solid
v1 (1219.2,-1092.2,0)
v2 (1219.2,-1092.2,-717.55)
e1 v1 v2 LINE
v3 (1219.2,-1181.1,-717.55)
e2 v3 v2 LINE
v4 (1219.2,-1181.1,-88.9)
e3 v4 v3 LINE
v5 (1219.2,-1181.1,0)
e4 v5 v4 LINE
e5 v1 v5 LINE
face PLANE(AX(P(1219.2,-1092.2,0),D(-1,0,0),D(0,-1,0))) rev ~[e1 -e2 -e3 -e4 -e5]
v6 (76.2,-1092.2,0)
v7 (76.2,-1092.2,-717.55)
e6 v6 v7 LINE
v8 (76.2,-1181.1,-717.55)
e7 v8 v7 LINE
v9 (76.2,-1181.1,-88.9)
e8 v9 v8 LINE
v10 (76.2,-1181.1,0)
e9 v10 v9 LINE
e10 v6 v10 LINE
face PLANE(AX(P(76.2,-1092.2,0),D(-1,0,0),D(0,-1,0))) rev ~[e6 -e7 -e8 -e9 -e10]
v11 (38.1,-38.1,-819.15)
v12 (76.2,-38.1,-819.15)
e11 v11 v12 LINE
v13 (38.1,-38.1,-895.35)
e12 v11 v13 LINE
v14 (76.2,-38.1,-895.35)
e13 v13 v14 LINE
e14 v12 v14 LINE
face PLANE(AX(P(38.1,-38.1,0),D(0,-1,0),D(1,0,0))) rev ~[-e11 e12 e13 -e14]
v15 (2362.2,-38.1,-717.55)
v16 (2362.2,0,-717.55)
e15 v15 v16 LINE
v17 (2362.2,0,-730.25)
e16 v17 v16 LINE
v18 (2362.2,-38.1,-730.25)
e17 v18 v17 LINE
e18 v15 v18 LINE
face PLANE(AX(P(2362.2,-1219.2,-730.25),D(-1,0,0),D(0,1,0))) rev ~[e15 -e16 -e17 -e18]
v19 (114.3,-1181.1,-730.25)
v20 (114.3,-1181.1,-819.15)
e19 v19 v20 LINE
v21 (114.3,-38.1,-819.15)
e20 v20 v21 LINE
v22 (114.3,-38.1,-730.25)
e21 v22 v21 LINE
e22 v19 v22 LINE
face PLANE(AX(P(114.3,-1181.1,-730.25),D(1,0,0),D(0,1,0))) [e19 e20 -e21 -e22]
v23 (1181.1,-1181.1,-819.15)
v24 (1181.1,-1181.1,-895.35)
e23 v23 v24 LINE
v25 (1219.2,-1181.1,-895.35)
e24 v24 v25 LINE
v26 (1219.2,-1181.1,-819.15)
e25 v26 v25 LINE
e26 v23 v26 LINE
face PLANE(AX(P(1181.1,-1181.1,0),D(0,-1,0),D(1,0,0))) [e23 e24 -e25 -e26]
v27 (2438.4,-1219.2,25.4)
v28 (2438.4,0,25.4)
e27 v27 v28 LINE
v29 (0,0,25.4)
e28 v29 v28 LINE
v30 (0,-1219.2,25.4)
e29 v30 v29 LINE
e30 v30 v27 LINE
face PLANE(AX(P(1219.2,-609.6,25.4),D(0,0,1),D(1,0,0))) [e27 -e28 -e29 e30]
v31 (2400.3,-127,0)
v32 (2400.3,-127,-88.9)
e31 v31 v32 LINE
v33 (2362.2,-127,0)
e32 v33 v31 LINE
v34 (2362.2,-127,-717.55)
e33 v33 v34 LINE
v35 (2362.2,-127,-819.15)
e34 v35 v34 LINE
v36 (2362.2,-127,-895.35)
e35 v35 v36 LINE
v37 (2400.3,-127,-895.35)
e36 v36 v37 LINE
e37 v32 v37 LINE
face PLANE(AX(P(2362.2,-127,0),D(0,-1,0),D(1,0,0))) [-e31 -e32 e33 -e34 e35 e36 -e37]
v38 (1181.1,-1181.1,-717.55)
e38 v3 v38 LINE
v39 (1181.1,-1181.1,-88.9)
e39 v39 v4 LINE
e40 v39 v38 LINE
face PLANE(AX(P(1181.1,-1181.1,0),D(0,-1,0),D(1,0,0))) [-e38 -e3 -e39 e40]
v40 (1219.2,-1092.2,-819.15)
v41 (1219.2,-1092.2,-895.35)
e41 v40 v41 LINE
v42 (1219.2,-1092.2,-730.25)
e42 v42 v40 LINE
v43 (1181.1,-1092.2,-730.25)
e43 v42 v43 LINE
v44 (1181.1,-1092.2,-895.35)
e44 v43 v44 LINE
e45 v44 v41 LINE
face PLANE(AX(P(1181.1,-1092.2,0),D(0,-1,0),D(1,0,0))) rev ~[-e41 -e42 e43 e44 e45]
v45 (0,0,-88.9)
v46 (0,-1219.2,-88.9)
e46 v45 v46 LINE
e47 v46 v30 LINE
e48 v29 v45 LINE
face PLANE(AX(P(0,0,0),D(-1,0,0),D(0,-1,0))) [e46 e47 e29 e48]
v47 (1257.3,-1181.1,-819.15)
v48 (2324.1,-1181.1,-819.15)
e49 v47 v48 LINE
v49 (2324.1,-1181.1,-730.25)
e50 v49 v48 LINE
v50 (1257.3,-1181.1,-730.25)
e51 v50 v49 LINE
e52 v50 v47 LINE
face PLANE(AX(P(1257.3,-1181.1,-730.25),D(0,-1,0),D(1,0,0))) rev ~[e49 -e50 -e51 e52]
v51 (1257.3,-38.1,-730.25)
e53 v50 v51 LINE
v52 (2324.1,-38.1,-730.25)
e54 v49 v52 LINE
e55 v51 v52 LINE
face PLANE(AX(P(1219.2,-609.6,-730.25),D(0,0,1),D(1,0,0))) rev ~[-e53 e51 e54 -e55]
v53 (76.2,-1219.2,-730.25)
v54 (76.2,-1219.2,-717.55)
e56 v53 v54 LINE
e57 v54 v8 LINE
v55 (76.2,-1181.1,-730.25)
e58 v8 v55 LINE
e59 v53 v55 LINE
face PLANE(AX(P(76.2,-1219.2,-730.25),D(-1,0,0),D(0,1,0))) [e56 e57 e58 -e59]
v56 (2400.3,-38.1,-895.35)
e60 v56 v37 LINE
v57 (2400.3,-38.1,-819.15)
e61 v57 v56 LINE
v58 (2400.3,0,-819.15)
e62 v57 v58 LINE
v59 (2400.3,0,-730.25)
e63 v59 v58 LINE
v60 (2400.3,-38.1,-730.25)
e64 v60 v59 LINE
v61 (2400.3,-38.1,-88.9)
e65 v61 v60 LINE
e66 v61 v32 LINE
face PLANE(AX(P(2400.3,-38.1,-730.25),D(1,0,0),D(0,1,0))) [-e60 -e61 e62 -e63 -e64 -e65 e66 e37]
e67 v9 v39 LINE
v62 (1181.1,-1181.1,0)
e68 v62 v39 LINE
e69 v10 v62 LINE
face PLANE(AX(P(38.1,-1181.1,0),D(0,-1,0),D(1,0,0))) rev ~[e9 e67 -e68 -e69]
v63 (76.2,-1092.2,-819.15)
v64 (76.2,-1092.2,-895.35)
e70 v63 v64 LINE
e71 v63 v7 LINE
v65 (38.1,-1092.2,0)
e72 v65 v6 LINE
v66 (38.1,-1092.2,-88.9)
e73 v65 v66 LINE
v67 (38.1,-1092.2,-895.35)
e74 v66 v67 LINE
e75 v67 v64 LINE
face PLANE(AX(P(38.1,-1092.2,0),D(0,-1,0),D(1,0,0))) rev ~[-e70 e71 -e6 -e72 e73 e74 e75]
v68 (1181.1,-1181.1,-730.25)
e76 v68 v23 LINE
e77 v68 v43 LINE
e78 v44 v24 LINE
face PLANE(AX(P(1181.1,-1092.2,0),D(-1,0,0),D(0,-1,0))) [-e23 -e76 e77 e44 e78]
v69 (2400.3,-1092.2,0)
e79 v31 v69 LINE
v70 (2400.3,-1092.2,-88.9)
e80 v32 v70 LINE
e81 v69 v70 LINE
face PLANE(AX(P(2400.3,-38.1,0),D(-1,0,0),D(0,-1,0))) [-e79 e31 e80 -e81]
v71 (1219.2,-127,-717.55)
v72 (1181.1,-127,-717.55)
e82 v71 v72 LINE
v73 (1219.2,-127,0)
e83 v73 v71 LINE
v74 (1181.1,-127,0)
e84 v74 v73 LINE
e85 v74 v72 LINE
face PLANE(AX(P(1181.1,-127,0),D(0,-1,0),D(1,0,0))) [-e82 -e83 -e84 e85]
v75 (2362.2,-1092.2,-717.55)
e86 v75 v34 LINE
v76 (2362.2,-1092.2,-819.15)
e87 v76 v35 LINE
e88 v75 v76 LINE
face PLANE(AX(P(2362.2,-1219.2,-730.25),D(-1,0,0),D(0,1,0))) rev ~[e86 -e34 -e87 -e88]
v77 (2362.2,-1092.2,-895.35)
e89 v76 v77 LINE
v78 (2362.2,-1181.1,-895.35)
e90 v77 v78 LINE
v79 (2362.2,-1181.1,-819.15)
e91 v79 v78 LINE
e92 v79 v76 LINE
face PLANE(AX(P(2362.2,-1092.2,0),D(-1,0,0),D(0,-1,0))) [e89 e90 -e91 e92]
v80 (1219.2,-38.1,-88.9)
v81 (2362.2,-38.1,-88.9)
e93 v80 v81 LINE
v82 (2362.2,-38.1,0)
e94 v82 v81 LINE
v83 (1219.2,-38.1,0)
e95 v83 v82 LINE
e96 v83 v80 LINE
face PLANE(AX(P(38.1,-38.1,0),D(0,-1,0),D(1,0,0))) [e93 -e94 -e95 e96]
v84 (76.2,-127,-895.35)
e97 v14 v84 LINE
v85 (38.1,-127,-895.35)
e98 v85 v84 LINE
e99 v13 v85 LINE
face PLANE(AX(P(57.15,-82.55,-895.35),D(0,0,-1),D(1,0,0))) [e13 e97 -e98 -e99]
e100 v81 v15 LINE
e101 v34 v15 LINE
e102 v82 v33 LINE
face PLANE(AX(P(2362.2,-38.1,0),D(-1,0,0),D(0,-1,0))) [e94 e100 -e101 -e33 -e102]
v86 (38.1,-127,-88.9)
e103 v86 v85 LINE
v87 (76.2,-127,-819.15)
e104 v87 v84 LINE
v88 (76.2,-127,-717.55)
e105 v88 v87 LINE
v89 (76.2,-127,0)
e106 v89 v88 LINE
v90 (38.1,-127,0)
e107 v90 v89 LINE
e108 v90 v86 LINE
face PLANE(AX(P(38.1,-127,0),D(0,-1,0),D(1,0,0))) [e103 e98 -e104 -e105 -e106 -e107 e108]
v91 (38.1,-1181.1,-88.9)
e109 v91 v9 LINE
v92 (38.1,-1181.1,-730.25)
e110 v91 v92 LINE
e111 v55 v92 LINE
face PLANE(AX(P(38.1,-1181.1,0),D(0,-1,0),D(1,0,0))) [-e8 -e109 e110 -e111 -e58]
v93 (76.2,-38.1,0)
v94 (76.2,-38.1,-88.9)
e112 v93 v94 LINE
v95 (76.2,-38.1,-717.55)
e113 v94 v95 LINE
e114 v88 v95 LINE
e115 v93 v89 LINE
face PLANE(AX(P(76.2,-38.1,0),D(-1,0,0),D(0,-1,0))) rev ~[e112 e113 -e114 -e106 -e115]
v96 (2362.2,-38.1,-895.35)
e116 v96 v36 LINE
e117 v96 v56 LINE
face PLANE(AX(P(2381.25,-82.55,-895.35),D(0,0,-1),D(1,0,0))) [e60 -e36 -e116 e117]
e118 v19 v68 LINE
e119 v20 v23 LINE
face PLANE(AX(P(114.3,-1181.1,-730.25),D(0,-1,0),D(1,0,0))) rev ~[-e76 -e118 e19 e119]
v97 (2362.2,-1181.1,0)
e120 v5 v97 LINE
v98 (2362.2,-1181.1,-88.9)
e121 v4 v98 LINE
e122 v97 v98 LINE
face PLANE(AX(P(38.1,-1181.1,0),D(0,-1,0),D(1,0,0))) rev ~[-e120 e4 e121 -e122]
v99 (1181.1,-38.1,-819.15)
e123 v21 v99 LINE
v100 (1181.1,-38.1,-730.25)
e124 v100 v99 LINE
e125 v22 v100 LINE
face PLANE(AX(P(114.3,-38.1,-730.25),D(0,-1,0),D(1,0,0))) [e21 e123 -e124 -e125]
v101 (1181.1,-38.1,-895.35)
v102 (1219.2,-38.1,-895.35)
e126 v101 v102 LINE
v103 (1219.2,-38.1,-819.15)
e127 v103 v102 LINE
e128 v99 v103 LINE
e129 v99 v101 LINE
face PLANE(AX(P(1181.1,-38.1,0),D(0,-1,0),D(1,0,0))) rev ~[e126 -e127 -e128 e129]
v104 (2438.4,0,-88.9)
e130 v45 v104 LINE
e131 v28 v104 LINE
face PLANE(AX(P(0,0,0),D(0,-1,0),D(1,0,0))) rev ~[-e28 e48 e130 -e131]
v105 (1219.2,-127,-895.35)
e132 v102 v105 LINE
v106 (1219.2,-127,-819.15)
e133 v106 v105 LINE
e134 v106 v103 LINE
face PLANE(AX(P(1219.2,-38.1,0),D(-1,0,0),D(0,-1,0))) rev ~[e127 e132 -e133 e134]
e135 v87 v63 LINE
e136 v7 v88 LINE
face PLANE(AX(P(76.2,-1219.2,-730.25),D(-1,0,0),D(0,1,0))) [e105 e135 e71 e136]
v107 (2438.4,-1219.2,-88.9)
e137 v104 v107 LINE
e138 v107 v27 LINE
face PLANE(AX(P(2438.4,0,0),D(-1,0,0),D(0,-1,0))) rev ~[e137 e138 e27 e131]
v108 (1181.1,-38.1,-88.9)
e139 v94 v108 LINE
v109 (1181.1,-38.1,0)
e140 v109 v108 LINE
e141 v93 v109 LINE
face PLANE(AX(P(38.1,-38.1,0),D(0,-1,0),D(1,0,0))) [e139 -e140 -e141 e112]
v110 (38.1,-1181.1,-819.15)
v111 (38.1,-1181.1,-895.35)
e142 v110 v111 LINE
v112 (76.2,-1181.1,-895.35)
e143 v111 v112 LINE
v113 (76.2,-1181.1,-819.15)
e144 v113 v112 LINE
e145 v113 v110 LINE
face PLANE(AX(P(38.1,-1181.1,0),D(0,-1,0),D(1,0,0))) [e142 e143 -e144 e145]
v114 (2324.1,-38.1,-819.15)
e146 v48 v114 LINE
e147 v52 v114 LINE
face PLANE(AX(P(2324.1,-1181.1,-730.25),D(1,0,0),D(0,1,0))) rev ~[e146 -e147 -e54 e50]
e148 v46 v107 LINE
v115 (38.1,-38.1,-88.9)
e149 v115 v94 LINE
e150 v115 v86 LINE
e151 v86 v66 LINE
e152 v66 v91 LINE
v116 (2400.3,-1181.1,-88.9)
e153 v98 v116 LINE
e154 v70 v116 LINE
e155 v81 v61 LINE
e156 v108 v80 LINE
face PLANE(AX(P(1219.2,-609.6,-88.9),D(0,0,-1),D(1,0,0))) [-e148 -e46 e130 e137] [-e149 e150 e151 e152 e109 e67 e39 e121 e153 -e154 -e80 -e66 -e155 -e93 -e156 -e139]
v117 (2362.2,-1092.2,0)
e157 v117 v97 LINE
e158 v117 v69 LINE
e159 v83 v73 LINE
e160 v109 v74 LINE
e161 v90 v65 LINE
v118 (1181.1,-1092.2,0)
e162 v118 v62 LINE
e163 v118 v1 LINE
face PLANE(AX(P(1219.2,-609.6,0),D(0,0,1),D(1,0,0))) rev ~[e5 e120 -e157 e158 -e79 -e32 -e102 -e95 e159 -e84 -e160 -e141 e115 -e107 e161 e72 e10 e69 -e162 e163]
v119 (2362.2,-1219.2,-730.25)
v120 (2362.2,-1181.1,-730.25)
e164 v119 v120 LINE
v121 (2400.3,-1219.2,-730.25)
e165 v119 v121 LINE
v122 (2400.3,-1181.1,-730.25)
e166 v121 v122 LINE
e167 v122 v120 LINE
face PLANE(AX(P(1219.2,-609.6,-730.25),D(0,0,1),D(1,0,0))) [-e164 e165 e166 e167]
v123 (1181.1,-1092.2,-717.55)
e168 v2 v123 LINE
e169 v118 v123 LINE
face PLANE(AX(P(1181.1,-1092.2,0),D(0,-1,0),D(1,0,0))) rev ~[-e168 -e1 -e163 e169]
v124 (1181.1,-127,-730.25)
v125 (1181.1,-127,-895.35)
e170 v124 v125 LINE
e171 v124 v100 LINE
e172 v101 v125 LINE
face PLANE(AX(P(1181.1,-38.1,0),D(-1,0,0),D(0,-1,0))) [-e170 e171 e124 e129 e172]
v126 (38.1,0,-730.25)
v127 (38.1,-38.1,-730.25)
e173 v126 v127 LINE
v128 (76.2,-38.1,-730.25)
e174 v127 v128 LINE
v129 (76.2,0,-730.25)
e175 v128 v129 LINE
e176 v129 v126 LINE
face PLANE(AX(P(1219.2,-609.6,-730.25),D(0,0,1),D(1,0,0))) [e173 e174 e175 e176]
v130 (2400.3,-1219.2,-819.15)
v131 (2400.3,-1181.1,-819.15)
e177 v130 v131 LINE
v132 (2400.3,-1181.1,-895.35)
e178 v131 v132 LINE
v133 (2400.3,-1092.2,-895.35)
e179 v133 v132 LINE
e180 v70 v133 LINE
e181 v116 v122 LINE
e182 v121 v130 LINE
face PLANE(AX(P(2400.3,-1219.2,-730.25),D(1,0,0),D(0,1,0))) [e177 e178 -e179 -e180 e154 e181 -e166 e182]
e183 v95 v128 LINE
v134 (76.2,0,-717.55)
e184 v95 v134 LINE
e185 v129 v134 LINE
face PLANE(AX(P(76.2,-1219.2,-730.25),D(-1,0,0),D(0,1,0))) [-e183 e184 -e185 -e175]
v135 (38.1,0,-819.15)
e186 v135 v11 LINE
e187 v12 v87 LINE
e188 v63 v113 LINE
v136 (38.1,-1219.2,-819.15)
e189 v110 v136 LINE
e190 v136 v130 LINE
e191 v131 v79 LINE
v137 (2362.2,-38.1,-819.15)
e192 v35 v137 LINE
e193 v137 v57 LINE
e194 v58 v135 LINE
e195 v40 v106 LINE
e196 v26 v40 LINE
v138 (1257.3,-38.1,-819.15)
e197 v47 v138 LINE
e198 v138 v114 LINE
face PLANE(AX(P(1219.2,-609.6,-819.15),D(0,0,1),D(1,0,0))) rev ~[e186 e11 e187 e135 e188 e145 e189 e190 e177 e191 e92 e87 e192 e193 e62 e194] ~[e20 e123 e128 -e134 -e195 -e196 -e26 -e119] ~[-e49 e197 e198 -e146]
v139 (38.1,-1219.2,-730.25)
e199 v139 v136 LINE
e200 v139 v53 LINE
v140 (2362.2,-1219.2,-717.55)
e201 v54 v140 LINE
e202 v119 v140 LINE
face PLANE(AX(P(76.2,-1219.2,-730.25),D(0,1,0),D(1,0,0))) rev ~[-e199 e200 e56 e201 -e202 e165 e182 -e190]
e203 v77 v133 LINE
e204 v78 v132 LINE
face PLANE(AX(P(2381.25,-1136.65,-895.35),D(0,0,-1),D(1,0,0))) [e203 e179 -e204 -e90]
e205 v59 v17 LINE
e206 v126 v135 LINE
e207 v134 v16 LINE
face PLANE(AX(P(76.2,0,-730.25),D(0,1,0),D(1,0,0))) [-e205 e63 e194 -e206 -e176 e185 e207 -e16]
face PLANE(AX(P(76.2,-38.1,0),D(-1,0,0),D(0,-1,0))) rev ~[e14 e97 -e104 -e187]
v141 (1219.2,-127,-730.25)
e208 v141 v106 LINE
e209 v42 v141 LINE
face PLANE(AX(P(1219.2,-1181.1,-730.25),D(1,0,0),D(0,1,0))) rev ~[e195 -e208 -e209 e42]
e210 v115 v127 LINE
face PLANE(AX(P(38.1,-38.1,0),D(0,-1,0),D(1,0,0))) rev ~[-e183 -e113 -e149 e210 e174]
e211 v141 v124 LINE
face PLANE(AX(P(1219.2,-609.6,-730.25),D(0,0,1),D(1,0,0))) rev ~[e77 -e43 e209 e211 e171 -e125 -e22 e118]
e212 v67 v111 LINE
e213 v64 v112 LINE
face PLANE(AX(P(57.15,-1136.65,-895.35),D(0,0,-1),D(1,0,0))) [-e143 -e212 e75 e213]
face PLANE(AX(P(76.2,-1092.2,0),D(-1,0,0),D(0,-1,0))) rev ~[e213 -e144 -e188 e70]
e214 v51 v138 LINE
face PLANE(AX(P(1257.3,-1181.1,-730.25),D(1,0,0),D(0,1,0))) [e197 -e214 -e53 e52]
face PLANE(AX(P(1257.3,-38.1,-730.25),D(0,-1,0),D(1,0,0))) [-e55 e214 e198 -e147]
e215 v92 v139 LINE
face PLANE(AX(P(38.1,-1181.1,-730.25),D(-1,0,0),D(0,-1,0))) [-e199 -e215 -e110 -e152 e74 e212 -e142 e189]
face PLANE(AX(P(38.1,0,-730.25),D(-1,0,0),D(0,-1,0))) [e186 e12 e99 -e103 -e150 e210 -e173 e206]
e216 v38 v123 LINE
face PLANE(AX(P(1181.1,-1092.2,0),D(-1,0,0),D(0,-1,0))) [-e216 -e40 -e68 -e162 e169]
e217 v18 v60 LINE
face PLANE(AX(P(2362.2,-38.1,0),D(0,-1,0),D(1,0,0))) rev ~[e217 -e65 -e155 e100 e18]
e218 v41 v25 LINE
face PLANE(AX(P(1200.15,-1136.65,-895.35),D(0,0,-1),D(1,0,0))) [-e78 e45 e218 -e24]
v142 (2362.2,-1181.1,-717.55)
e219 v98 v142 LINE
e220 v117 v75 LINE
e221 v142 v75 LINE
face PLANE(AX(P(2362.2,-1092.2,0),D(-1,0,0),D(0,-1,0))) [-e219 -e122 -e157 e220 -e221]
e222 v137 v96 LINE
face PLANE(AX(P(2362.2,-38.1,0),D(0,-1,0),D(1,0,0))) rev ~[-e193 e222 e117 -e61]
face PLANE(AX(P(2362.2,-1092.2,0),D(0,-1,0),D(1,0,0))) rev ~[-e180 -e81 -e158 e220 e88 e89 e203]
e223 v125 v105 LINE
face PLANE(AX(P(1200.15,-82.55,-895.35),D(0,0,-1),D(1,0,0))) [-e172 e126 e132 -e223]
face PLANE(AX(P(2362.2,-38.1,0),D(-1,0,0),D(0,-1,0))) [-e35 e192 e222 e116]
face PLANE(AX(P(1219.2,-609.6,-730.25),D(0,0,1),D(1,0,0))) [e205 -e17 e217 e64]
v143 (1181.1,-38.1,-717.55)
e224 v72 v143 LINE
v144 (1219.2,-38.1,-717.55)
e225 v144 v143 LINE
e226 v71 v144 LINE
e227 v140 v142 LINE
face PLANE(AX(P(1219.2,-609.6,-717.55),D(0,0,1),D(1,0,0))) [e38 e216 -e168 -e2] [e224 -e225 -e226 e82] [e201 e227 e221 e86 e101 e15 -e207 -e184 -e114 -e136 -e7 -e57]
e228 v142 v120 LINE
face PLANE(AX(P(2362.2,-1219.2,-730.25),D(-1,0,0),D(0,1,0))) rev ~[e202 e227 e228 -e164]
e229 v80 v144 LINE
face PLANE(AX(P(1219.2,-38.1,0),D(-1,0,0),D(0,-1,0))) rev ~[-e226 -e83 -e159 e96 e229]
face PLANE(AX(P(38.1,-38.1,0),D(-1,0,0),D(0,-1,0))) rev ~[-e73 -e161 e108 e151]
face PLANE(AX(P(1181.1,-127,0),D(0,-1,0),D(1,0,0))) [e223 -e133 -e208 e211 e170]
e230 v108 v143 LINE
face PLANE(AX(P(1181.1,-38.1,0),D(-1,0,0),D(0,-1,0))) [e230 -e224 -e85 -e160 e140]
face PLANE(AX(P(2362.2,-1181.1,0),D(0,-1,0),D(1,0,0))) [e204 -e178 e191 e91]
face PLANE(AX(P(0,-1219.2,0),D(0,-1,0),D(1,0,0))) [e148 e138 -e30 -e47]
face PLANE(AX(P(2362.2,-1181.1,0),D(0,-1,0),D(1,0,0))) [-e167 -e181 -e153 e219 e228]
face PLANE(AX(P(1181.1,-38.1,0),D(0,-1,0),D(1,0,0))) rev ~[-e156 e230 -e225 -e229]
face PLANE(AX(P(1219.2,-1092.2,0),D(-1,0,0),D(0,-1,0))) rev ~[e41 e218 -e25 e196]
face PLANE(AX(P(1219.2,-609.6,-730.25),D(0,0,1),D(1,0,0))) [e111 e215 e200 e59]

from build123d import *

# Parameters (mm, degrees)
F0_W      = 2438.4
F0_H      = 1219.2
F1_DEPTH  = 25.4
F2_W      = 2438.4
F2_H      = 1219.2
F2_W_2    = 2362.2
F2_H_2    = 1143
F3_DEPTH  = 88.9
F4_W      = 38.1
F4_H      = 88.9
F5_DEPTH  = 895.35
F7_W      = 1104.9
F7_H      = 1143
F7_W_2    = 1066.8
F8_DEPTH  = 88.9
F9_W      = 2286
F9_H      = 1219.2
F10_DEPTH = 12.7


with BuildPart() as f1:
    # F0 (on Top) → F1 (new body)
    with BuildSketch(Plane.XY):
        with Locations((1219.2, -609.6)):
            Rectangle(F0_W, F0_H)
    extrude(amount=F1_DEPTH)

    # F2 (on face) → F3 (join)
    with BuildSketch(Plane(origin=(0, 0, 0), x_dir=(1, 0, 0), z_dir=(0, 0, -1))):
        with Locations((1219.2, 609.6)):
            Rectangle(F2_W, F2_H)
        with Locations((1219.2, 609.6)):
            Rectangle(F2_W_2, F2_H_2, mode=Mode.SUBTRACT)
    extrude(amount=F3_DEPTH)

    # F4 (on face) → F5 (join)
    with BuildSketch(Plane(origin=(0, 0, 0), x_dir=(1, 0, 0), z_dir=(0, 0, -1))):
        with Locations((57.15, 1136.65)):
            Rectangle(F4_W, F4_H)
        with Locations((57.15, 82.55)):
            Rectangle(F4_W, F4_H)
        with Locations((2381.25, 1136.65)):
            Rectangle(F4_W, F4_H)
        with Locations((2381.25, 82.55)):
            Rectangle(F4_W, F4_H)
        with Locations((1200.15, 1136.65)):
            Rectangle(F4_W, F4_H)
        with Locations((1200.15, 82.55)):
            Rectangle(F4_W, F4_H)
    extrude(amount=F5_DEPTH)

    # F7 (on offset) → F8 (join)
    with BuildSketch(Plane.XY.offset(-730.25)):
        Polygon((2400.3, 0), (38.1, 0), (38.1, -38.1), (76.2, -38.1), (76.2, -1181.1), (38.1, -1181.1), (38.1, -1219.2), (2400.3, -1219.2), (2400.3, -1181.1), (2362.2, -1181.1), (2362.2, -38.1), (2400.3, -38.1), align=None)
        with Locations((666.75, -609.6)):
            Rectangle(F7_W, F7_H, mode=Mode.SUBTRACT)
        with Locations((1790.7, -609.6)):
            Rectangle(F7_W_2, F7_H, mode=Mode.SUBTRACT)
    extrude(amount=-F8_DEPTH)

    # F9 (on offset) → F10 (join)
    with BuildSketch(Plane.XY.offset(-730.25)):
        with Locations((1219.2, -609.6)):
            Rectangle(F9_W, F9_H)
    extrude(amount=F10_DEPTH)


solid = f1.part
